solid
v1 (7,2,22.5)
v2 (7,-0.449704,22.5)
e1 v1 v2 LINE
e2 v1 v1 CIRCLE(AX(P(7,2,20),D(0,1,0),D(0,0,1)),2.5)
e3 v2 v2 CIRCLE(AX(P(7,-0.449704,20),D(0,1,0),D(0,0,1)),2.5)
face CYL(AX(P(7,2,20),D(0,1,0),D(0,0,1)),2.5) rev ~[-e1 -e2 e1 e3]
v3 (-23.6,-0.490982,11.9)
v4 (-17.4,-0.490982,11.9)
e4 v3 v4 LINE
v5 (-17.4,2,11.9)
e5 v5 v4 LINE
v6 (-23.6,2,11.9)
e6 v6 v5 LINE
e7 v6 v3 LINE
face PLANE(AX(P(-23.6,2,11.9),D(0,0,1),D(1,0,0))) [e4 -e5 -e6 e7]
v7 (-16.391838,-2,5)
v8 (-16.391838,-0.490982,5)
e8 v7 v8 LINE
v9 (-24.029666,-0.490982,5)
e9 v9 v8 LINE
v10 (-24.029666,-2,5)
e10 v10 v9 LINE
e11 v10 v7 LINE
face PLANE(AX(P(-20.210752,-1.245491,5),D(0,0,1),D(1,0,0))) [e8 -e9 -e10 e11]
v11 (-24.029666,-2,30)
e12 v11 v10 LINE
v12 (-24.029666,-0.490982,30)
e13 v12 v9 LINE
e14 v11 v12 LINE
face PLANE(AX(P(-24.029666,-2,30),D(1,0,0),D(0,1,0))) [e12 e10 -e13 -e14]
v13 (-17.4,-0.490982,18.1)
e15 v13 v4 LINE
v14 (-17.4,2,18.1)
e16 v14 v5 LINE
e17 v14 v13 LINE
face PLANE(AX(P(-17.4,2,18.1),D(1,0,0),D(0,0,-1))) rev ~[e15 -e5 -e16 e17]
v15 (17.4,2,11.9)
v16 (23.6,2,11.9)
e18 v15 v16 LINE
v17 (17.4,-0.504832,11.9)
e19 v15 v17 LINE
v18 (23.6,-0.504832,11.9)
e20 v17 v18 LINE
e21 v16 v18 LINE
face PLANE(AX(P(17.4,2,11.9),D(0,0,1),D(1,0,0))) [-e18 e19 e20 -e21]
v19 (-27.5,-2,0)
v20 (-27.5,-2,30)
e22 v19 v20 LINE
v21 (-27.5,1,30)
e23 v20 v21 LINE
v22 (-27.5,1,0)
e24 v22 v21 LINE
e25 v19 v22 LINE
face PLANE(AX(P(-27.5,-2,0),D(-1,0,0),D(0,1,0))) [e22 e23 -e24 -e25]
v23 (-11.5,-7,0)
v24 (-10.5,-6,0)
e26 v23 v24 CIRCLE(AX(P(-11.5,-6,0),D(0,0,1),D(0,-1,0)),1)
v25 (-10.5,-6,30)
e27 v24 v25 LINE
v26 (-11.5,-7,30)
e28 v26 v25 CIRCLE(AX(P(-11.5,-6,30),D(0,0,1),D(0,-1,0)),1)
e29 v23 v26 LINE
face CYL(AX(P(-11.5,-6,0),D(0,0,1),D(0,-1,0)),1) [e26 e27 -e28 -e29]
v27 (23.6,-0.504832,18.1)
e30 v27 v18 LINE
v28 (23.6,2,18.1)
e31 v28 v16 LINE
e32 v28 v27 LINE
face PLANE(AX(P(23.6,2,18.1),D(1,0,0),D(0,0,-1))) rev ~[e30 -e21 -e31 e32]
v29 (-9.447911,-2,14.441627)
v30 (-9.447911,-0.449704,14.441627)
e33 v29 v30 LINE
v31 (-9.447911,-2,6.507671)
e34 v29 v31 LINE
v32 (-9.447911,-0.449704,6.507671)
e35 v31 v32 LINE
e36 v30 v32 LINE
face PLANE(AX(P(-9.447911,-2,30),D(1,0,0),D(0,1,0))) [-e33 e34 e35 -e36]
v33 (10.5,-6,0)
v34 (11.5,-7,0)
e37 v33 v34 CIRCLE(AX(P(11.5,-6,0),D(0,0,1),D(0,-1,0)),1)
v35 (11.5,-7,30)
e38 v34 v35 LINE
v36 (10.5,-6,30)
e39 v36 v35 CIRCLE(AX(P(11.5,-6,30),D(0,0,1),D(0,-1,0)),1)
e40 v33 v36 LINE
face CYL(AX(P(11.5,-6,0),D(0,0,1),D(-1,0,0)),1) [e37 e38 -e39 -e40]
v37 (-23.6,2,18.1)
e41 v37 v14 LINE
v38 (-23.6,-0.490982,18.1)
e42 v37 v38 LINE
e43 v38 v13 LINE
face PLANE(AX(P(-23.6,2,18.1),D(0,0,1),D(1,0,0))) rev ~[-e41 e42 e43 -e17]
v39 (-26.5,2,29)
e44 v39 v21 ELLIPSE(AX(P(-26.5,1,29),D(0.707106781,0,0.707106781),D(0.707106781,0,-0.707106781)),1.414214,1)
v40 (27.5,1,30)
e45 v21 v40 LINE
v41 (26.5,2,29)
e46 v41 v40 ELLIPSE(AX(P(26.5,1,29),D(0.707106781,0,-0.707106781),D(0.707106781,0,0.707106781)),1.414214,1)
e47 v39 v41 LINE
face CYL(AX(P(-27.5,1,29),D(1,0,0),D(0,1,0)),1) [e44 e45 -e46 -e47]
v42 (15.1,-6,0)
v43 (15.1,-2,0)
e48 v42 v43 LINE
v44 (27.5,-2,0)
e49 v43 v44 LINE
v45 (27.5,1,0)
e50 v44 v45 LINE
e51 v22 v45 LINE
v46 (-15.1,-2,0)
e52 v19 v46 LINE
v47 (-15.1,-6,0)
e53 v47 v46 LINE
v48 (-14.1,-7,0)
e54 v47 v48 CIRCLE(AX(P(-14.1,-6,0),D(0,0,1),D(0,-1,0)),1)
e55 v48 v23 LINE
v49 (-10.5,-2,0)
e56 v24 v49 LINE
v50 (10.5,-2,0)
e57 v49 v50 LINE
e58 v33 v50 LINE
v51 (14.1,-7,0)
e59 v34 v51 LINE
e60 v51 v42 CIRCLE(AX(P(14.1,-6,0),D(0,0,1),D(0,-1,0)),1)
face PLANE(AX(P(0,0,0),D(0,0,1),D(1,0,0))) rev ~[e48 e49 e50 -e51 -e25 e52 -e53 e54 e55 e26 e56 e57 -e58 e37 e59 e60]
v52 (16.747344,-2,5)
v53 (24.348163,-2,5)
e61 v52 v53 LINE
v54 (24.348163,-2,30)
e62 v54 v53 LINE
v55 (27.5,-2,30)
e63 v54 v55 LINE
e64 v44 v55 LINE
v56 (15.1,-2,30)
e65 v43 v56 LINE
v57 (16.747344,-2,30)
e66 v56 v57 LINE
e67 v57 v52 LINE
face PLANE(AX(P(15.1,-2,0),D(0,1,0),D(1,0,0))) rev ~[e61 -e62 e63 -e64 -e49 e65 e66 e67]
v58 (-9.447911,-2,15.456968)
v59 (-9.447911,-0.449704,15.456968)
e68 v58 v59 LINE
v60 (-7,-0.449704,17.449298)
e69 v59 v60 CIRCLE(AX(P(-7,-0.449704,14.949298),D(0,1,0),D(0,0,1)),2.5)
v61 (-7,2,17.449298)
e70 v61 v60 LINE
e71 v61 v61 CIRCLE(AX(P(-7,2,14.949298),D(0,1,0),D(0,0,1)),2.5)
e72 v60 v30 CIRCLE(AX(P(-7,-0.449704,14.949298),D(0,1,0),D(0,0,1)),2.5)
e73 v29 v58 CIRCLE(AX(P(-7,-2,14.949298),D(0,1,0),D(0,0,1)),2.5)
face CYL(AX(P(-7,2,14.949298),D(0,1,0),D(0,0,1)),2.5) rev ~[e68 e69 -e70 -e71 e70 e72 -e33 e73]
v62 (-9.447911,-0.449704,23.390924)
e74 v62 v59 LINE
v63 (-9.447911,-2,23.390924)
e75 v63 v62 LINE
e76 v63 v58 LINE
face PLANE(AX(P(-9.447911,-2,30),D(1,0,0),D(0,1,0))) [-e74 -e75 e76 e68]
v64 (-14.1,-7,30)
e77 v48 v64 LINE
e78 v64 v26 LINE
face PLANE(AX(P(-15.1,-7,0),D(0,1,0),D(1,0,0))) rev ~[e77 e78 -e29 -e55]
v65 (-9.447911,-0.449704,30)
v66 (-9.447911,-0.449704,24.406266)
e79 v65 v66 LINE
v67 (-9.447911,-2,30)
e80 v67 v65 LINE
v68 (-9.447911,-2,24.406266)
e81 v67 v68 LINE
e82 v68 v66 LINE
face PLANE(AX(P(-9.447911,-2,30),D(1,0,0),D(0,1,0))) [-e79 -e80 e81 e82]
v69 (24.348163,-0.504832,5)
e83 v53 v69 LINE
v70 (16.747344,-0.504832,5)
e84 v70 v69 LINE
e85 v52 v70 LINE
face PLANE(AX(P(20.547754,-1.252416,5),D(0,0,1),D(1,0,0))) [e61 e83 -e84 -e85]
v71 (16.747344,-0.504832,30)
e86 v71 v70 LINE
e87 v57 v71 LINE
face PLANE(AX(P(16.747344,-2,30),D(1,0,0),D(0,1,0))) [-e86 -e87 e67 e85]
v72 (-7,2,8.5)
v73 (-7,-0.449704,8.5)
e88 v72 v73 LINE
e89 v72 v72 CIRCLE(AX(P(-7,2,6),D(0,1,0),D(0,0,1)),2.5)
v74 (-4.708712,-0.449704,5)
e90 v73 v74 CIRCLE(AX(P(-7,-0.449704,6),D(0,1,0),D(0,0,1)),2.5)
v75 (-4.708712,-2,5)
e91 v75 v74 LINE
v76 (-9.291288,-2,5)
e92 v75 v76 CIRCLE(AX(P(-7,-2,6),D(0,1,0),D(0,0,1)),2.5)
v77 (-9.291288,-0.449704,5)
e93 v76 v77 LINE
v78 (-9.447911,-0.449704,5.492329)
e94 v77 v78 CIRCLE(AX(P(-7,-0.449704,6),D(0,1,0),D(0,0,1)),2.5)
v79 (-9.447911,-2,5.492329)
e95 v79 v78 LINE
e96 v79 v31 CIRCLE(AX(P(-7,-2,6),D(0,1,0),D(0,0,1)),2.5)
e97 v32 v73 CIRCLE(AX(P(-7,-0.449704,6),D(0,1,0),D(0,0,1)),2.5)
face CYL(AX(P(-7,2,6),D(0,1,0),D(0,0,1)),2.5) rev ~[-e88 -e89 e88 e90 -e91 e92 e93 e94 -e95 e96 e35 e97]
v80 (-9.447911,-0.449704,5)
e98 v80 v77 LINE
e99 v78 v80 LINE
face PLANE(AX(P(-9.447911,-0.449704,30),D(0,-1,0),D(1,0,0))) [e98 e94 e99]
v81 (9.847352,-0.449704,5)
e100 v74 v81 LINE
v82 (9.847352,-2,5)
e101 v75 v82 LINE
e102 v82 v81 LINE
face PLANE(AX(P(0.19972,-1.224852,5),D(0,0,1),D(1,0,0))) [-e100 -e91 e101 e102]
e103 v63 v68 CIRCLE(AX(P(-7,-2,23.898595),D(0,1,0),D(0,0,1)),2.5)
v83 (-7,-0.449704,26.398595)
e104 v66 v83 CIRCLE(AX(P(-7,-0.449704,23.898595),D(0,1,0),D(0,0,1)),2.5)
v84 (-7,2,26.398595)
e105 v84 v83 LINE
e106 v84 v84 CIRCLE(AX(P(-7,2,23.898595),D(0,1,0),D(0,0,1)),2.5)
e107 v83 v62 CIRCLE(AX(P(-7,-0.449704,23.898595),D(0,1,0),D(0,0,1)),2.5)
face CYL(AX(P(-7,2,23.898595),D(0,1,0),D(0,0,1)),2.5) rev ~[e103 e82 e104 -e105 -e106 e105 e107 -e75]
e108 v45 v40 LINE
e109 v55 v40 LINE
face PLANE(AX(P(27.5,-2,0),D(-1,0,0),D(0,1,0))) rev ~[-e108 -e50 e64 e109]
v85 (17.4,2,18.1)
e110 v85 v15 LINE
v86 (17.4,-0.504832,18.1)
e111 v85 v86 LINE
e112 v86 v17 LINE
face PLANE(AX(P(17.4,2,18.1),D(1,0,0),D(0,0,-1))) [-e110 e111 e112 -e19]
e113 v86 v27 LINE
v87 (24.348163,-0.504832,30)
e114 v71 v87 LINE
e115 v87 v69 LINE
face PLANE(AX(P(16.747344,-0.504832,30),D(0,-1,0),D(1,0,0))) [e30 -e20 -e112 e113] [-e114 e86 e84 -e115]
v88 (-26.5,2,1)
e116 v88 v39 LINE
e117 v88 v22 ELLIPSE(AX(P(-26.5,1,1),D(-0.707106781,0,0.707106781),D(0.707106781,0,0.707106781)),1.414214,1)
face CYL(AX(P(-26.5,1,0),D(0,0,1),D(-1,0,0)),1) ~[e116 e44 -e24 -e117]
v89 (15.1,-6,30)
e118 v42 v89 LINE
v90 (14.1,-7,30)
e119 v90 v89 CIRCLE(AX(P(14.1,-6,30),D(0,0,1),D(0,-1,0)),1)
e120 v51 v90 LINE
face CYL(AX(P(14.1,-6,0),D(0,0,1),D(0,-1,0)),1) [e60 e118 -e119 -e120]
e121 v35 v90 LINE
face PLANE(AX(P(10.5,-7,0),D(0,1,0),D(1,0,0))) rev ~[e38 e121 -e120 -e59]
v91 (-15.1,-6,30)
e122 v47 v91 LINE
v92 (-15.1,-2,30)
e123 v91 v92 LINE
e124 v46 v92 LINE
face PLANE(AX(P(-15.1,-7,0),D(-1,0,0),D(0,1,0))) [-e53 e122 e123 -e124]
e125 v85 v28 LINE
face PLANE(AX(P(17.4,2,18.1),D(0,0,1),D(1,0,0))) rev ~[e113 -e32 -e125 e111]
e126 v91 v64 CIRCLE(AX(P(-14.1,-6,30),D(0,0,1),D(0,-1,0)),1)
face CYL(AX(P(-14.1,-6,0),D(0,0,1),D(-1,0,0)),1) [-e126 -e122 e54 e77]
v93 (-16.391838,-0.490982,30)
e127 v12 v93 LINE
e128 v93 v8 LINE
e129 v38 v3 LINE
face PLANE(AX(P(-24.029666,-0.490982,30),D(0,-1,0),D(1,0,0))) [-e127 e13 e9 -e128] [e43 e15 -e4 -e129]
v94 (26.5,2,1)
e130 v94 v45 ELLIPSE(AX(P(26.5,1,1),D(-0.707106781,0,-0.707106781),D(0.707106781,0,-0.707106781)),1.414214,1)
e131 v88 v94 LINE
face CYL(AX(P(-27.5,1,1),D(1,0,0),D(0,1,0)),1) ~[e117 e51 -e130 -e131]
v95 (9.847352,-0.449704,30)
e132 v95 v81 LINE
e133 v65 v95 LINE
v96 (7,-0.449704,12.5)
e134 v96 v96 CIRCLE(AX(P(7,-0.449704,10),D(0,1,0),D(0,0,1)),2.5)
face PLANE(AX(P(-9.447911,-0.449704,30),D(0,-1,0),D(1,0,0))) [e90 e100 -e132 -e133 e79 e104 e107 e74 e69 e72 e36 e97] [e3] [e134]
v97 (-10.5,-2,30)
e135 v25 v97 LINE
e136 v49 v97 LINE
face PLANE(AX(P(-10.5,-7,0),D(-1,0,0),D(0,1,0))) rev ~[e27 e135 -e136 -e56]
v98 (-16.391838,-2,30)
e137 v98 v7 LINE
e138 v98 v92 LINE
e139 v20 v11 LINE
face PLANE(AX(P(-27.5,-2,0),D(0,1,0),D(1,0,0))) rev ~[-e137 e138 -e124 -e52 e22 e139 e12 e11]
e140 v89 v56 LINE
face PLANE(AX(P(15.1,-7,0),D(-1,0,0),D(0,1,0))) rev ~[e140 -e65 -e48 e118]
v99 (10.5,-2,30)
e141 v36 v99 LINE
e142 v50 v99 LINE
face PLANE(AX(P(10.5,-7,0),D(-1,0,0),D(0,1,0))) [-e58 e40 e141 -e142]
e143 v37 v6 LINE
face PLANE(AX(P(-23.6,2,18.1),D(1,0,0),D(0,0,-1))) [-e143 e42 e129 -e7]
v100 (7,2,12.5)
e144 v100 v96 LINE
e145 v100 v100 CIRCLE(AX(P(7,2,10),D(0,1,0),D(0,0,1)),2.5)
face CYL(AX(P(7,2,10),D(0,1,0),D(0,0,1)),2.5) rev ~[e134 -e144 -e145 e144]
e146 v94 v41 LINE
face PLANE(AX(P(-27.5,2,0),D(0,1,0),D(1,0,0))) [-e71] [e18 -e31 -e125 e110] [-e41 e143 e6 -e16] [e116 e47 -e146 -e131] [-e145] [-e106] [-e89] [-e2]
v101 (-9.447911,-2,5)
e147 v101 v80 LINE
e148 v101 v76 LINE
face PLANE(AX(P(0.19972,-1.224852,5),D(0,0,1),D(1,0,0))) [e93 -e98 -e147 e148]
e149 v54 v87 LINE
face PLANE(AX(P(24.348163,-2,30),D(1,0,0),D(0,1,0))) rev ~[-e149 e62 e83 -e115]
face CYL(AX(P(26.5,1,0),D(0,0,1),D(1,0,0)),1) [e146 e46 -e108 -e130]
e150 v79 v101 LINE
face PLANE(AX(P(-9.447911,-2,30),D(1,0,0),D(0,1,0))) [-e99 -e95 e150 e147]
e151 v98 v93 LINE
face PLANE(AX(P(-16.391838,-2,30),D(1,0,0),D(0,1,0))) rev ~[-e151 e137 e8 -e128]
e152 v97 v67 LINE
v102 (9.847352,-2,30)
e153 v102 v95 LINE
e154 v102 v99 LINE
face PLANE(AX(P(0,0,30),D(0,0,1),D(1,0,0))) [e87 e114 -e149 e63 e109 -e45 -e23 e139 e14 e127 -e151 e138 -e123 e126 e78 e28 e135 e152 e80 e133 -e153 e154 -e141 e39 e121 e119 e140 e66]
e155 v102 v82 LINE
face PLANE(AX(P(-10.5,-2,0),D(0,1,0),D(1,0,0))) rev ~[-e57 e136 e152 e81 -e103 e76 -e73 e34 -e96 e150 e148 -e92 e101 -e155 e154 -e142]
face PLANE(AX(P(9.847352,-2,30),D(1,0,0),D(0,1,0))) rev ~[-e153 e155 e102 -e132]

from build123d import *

# Parameters (mm, degrees)
SKETCH1_W           = 55
SKETCH1_H           = 4
SKETCH1_W_2         = 4.6
SKETCH1_H_2         = 5
BOSS_EXTRUDE2_DEPTH = 30
FILLET1_R           = 1
SKETCH2_R           = 2.5
SKETCH2_W           = 6.2
SKETCH2_H           = 6.2
CUT_EXTRUDE1_DEPTH  = 10
SKETCH4_W           = 19.295263263
SKETCH4_H           = 1.550295644
SKETCH4_W_2         = 7.637827672
SKETCH4_H_2         = 1.509017847
SKETCH4_W_3         = 7.600819518
SKETCH4_H_3         = 1.495167717
CUT_EXTRUDE2_DEPTH  = 25


with BuildPart() as part:
    # Sketch1 → Boss-Extrude2 (new body)
    with BuildSketch(Plane.XY):
        Rectangle(SKETCH1_W, SKETCH1_H)
        with Locations((-12.8, -4.5)):
            Rectangle(SKETCH1_W_2, SKETCH1_H_2)
        with Locations((12.8, -4.5)):
            Rectangle(SKETCH1_W_2, SKETCH1_H_2)
    extrude(amount=BOSS_EXTRUDE2_DEPTH)

    # Fillet1
    fillet1_edges = [part.edges().sort_by_distance(p)[0] for p in [
        (0, 2, 30),
        (0, 2, 0),
        (15.1, -7, 15),
        (10.5, -7, 15),
        (-10.5, -7, 15),
        (-15.1, -7, 15),
        (-27.5, 2, 15),
        (27.5, 2, 15),
    ]]
    fillet(fillet1_edges, radius=FILLET1_R)

    # Sketch2 → Cut-Extrude1 (cut)
    with BuildSketch(Plane(origin=(0, 2, 0), x_dir=(1, 0, 0), z_dir=(0, 1, 0))):
        with Locations(Location((-7, -6, 0), (0, 0, 270))):
            Circle(SKETCH2_R)
        with Locations(Location((-7, -14.949297523, 0), (0, 0, 270))):
            Circle(SKETCH2_R)
        with Locations(Location((-7, -23.898595046, 0), (0, 0, 270))):
            Circle(SKETCH2_R)
        with Locations(Location((7, -20, 0), (0, 0, 270))):
            Circle(SKETCH2_R)
        with Locations(Location((7, -10, 0), (0, 0, 270))):
            Circle(SKETCH2_R)
        with Locations((-20.5, -15)):
            Rectangle(SKETCH2_W, SKETCH2_H)
        with Locations((20.5, -15)):
            Rectangle(SKETCH2_W, SKETCH2_H)
    extrude(amount=-CUT_EXTRUDE1_DEPTH, mode=Mode.SUBTRACT)

    # Sketch4 → Cut-Extrude2 (cut)
    with BuildSketch(Plane.XY.offset(30)):
        with Locations((0.199720154, -1.224852178)):
            Rectangle(SKETCH4_W, SKETCH4_H)
        with Locations((-20.210751877, -1.245491077)):
            Rectangle(SKETCH4_W_2, SKETCH4_H_2)
        with Locations((20.547753604, -1.252416141)):
            Rectangle(SKETCH4_W_3, SKETCH4_H_3)
    extrude(amount=-CUT_EXTRUDE2_DEPTH, mode=Mode.SUBTRACT)


solid = part.part
